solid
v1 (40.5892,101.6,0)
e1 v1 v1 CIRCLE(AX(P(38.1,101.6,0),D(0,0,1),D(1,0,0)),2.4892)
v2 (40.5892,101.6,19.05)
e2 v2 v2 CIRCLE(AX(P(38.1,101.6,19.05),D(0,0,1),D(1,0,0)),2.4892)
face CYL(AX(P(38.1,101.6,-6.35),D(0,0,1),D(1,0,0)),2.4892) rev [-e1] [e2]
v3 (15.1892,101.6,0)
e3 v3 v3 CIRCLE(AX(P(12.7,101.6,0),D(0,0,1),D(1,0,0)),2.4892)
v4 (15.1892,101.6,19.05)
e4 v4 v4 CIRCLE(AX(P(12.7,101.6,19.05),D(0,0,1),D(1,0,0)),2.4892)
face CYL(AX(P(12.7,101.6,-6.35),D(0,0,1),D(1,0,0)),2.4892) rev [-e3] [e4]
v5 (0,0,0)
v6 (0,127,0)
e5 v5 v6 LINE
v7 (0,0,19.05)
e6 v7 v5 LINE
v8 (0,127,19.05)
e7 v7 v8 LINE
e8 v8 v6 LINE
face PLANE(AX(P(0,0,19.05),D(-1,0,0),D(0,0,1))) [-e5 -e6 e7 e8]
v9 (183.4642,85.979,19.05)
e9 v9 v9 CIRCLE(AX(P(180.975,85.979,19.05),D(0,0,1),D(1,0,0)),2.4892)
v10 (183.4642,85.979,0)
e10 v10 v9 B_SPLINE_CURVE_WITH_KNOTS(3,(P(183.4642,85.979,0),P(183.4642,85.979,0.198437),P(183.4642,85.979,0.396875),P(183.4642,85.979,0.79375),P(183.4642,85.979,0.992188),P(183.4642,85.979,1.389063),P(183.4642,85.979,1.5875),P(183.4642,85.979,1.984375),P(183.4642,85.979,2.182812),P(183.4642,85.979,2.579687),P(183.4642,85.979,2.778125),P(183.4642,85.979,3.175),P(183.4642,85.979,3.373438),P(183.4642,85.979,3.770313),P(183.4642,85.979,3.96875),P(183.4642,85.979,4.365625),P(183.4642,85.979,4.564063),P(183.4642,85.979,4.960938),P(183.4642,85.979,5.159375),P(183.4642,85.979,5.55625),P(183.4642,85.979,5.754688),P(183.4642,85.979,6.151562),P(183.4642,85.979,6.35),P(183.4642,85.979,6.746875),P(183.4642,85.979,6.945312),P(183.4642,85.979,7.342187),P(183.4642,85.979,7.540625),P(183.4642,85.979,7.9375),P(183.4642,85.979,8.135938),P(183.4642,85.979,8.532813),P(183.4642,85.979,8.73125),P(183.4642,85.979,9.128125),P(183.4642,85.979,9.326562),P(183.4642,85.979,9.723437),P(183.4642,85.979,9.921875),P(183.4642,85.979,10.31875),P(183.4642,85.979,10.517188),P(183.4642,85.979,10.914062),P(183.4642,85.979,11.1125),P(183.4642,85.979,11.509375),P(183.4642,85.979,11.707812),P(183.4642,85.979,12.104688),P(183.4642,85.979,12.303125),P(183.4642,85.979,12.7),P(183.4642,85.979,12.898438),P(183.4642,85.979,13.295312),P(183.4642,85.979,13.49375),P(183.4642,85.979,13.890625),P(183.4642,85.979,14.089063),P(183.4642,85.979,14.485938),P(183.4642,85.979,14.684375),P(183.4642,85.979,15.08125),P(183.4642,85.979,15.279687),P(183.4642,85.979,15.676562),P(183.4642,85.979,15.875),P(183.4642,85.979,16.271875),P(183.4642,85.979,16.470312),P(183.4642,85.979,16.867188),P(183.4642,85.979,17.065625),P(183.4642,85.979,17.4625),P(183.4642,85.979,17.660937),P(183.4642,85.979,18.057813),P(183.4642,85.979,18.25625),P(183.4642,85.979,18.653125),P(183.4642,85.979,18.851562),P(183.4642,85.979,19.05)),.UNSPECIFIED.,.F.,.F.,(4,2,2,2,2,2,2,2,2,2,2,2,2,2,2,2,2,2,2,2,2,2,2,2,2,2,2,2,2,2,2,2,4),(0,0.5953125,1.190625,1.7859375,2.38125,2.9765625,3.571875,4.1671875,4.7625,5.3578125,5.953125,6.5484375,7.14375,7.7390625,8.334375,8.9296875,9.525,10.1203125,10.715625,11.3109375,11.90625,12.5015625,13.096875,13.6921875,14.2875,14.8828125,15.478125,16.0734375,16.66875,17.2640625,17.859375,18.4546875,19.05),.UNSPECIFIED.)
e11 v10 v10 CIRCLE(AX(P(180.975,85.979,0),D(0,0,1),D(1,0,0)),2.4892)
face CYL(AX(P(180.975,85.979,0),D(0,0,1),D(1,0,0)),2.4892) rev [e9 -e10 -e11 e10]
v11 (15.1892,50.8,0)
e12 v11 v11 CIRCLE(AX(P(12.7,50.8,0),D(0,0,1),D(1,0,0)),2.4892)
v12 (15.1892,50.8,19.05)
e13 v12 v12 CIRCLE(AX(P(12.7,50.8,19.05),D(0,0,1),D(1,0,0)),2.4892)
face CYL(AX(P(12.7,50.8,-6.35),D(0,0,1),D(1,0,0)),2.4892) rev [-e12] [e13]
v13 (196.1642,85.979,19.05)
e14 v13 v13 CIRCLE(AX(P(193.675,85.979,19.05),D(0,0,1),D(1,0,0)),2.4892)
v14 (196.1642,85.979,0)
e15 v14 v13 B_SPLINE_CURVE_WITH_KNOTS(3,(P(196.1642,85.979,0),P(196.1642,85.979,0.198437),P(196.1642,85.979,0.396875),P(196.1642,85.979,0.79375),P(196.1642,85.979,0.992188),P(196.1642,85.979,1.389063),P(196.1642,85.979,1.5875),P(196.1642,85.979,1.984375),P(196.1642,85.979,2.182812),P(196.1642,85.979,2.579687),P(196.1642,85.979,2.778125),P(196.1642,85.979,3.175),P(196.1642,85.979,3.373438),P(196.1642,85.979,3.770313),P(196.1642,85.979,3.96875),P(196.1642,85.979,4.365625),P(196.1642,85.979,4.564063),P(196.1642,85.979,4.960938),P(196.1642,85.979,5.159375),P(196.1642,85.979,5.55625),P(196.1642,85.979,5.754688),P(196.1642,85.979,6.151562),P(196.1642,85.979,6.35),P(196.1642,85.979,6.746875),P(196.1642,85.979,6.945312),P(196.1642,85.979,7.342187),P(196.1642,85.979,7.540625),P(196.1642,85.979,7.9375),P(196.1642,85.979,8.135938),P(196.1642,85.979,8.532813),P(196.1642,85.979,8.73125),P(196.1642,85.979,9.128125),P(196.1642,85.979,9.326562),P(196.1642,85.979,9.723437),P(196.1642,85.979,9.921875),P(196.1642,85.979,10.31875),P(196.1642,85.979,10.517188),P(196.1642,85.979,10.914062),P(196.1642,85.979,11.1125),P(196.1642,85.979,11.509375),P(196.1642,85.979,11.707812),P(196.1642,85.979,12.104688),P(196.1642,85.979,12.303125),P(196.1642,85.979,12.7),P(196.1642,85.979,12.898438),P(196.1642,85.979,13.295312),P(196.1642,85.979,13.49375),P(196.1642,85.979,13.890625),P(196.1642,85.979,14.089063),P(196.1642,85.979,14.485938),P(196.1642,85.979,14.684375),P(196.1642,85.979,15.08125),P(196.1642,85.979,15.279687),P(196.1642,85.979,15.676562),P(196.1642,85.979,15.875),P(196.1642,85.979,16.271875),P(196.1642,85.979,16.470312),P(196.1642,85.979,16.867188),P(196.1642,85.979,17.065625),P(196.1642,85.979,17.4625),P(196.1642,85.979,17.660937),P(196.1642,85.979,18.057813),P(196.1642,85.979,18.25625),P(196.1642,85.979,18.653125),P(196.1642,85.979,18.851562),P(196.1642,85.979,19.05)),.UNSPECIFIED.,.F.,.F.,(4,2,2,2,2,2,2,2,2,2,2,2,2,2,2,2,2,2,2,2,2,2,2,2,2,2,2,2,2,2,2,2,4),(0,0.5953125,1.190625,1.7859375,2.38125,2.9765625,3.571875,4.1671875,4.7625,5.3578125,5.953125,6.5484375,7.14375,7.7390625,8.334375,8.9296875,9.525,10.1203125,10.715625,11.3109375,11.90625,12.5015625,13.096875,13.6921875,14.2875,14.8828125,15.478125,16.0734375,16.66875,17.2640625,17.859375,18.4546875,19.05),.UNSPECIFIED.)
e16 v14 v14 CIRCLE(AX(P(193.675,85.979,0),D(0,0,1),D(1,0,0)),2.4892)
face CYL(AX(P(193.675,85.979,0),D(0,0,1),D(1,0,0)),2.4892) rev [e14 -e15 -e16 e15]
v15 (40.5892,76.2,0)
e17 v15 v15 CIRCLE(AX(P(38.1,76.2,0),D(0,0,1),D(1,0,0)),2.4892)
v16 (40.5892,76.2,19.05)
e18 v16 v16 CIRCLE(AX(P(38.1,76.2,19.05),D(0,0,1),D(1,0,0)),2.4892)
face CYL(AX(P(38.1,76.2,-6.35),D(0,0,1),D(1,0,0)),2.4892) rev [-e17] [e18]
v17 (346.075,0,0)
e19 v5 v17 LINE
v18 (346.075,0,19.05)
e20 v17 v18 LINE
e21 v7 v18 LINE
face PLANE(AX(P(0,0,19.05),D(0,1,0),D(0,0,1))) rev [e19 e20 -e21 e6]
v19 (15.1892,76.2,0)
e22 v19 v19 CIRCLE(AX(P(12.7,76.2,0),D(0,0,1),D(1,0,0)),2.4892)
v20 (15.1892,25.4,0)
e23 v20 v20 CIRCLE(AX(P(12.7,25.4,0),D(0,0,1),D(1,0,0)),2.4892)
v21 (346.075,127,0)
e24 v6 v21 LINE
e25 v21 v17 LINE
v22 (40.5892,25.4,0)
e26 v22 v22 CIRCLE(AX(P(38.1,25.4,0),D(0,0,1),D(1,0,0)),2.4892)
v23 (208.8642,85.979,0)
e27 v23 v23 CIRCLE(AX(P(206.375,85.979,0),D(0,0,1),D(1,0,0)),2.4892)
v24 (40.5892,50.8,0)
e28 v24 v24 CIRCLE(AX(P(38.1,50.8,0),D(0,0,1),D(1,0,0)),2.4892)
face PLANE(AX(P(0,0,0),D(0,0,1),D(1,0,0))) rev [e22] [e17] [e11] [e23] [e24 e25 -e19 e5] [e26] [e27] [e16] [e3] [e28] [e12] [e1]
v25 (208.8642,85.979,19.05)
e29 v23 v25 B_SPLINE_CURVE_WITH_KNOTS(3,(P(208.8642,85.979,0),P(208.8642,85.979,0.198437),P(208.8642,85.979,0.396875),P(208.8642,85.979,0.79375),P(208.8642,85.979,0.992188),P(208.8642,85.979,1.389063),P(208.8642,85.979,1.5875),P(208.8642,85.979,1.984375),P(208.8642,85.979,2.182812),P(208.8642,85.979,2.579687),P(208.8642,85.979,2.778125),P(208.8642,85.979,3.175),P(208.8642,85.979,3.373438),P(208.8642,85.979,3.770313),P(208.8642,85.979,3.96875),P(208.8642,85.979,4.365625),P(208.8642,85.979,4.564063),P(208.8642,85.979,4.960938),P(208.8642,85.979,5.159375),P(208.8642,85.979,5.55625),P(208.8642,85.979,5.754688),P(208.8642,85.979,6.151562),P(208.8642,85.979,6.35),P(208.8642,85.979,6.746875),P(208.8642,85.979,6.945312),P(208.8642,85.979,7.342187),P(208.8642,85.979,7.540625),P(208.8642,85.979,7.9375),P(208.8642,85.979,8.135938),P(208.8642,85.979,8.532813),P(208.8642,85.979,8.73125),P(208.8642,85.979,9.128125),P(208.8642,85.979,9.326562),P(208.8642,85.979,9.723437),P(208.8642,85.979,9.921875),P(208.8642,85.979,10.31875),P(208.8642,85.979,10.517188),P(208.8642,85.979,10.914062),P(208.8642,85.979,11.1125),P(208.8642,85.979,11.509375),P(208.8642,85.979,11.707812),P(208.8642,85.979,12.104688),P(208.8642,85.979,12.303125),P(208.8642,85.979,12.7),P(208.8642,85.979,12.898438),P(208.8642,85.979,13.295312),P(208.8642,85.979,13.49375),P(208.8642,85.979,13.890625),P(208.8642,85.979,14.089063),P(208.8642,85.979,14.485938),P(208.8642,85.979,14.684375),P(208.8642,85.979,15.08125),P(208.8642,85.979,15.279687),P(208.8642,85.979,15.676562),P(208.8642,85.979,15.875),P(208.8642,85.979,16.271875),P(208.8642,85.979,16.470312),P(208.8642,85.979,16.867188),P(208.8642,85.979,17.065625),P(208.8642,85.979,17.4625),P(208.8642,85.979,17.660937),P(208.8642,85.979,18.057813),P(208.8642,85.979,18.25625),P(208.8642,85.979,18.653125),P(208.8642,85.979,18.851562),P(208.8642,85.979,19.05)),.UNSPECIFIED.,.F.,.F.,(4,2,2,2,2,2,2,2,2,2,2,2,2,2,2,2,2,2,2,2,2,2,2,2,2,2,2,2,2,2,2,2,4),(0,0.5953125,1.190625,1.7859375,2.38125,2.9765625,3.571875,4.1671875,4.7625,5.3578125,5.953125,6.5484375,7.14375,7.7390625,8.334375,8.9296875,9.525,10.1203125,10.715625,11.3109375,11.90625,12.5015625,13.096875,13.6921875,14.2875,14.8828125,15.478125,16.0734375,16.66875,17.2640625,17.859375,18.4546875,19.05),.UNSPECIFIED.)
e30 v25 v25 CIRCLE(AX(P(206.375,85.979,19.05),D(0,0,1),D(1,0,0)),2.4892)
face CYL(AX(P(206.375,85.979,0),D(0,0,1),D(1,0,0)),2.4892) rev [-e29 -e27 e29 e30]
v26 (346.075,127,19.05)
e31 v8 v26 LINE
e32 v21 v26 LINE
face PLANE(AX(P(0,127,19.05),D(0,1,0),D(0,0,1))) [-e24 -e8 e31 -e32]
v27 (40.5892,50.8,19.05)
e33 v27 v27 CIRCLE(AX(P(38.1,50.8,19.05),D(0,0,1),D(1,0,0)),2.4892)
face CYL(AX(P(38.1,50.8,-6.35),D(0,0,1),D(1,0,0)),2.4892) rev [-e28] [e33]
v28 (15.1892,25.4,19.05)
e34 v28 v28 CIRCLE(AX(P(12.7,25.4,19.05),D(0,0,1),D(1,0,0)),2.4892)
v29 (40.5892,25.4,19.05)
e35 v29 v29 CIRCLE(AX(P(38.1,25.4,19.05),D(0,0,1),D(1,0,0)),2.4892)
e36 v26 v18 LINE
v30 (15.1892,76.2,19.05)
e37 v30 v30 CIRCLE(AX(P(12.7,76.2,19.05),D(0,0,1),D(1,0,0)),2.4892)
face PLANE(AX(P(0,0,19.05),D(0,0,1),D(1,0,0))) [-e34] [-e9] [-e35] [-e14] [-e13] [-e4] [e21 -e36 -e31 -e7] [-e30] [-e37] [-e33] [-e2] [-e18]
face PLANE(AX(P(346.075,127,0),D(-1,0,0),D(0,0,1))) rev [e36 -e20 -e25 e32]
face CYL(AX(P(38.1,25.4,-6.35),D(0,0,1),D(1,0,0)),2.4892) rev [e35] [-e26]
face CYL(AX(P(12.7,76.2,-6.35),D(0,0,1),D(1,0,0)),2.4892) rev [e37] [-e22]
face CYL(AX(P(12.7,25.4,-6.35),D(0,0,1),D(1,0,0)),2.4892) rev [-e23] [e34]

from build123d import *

# Parameters (mm, degrees)
SKETCH1_W           = 717.55
SKETCH1_H           = 127
BOSS_EXTRUDE1_DEPTH = 19.05
SKETCH2_R           = 2.4892
CUT_EXTRUDE1_DEPTH  = 25.4
SKETCH4_R           = 2.4892
CUT_EXTRUDE2_DEPTH  = 729.951236366
SKETCH5_W           = 371.475
SKETCH5_H           = 127
CUT_EXTRUDE3_DEPTH  = 729.951236366


with BuildPart() as part:
    # Sketch1 → Boss-Extrude1 (new body)
    with BuildSketch(Plane.XY):
        with Locations((358.775, 63.5)):
            Rectangle(SKETCH1_W, SKETCH1_H)
    extrude(amount=BOSS_EXTRUDE1_DEPTH)

    # Sketch2 → Cut-Extrude1 (cut)
    with BuildSketch(Plane.XY.offset(19.05)):
        with Locations((12.7, 101.6)):
            Circle(SKETCH2_R)
        with Locations((38.1, 101.6)):
            Circle(SKETCH2_R)
        with Locations((38.1, 76.2)):
            Circle(SKETCH2_R)
        with Locations((38.1, 50.8)):
            Circle(SKETCH2_R)
        with Locations((38.1, 25.4)):
            Circle(SKETCH2_R)
        with Locations((12.7, 76.2)):
            Circle(SKETCH2_R)
        with Locations((12.7, 50.8)):
            Circle(SKETCH2_R)
        with Locations((12.7, 25.4)):
            Circle(SKETCH2_R)
        with Locations((685.8, 101.6)):
            Circle(SKETCH2_R)
        with Locations((660.4, 101.6)):
            Circle(SKETCH2_R)
        with Locations((660.4, 76.2)):
            Circle(SKETCH2_R)
        with Locations((660.4, 50.8)):
            Circle(SKETCH2_R)
        with Locations((660.4, 25.4)):
            Circle(SKETCH2_R)
        with Locations((685.8, 76.2)):
            Circle(SKETCH2_R)
        with Locations((685.8, 50.8)):
            Circle(SKETCH2_R)
        with Locations((685.8, 25.4)):
            Circle(SKETCH2_R)
    extrude(amount=-CUT_EXTRUDE1_DEPTH, mode=Mode.SUBTRACT)

    # Sketch4 → Cut-Extrude2 (cut, through all)
    with BuildSketch(Plane.XY.offset(19.05)):
        with Locations((180.975, 85.979)):
            Circle(SKETCH4_R)
        with Locations((193.675, 85.979)):
            Circle(SKETCH4_R)
        with Locations((206.375, 85.979)):
            Circle(SKETCH4_R)
        with Locations((492.125, 85.979)):
            Circle(SKETCH4_R)
        with Locations((504.825, 85.979)):
            Circle(SKETCH4_R)
        with Locations((517.525, 85.979)):
            Circle(SKETCH4_R)
    extrude(amount=-CUT_EXTRUDE2_DEPTH, mode=Mode.SUBTRACT)

    # Sketch5 → Cut-Extrude3 (cut, through all)
    with BuildSketch(Plane.XY.offset(19.05)):
        with Locations((531.8125, 63.5)):
            Rectangle(SKETCH5_W, SKETCH5_H)
    extrude(amount=-CUT_EXTRUDE3_DEPTH, mode=Mode.SUBTRACT)


solid = part.part
